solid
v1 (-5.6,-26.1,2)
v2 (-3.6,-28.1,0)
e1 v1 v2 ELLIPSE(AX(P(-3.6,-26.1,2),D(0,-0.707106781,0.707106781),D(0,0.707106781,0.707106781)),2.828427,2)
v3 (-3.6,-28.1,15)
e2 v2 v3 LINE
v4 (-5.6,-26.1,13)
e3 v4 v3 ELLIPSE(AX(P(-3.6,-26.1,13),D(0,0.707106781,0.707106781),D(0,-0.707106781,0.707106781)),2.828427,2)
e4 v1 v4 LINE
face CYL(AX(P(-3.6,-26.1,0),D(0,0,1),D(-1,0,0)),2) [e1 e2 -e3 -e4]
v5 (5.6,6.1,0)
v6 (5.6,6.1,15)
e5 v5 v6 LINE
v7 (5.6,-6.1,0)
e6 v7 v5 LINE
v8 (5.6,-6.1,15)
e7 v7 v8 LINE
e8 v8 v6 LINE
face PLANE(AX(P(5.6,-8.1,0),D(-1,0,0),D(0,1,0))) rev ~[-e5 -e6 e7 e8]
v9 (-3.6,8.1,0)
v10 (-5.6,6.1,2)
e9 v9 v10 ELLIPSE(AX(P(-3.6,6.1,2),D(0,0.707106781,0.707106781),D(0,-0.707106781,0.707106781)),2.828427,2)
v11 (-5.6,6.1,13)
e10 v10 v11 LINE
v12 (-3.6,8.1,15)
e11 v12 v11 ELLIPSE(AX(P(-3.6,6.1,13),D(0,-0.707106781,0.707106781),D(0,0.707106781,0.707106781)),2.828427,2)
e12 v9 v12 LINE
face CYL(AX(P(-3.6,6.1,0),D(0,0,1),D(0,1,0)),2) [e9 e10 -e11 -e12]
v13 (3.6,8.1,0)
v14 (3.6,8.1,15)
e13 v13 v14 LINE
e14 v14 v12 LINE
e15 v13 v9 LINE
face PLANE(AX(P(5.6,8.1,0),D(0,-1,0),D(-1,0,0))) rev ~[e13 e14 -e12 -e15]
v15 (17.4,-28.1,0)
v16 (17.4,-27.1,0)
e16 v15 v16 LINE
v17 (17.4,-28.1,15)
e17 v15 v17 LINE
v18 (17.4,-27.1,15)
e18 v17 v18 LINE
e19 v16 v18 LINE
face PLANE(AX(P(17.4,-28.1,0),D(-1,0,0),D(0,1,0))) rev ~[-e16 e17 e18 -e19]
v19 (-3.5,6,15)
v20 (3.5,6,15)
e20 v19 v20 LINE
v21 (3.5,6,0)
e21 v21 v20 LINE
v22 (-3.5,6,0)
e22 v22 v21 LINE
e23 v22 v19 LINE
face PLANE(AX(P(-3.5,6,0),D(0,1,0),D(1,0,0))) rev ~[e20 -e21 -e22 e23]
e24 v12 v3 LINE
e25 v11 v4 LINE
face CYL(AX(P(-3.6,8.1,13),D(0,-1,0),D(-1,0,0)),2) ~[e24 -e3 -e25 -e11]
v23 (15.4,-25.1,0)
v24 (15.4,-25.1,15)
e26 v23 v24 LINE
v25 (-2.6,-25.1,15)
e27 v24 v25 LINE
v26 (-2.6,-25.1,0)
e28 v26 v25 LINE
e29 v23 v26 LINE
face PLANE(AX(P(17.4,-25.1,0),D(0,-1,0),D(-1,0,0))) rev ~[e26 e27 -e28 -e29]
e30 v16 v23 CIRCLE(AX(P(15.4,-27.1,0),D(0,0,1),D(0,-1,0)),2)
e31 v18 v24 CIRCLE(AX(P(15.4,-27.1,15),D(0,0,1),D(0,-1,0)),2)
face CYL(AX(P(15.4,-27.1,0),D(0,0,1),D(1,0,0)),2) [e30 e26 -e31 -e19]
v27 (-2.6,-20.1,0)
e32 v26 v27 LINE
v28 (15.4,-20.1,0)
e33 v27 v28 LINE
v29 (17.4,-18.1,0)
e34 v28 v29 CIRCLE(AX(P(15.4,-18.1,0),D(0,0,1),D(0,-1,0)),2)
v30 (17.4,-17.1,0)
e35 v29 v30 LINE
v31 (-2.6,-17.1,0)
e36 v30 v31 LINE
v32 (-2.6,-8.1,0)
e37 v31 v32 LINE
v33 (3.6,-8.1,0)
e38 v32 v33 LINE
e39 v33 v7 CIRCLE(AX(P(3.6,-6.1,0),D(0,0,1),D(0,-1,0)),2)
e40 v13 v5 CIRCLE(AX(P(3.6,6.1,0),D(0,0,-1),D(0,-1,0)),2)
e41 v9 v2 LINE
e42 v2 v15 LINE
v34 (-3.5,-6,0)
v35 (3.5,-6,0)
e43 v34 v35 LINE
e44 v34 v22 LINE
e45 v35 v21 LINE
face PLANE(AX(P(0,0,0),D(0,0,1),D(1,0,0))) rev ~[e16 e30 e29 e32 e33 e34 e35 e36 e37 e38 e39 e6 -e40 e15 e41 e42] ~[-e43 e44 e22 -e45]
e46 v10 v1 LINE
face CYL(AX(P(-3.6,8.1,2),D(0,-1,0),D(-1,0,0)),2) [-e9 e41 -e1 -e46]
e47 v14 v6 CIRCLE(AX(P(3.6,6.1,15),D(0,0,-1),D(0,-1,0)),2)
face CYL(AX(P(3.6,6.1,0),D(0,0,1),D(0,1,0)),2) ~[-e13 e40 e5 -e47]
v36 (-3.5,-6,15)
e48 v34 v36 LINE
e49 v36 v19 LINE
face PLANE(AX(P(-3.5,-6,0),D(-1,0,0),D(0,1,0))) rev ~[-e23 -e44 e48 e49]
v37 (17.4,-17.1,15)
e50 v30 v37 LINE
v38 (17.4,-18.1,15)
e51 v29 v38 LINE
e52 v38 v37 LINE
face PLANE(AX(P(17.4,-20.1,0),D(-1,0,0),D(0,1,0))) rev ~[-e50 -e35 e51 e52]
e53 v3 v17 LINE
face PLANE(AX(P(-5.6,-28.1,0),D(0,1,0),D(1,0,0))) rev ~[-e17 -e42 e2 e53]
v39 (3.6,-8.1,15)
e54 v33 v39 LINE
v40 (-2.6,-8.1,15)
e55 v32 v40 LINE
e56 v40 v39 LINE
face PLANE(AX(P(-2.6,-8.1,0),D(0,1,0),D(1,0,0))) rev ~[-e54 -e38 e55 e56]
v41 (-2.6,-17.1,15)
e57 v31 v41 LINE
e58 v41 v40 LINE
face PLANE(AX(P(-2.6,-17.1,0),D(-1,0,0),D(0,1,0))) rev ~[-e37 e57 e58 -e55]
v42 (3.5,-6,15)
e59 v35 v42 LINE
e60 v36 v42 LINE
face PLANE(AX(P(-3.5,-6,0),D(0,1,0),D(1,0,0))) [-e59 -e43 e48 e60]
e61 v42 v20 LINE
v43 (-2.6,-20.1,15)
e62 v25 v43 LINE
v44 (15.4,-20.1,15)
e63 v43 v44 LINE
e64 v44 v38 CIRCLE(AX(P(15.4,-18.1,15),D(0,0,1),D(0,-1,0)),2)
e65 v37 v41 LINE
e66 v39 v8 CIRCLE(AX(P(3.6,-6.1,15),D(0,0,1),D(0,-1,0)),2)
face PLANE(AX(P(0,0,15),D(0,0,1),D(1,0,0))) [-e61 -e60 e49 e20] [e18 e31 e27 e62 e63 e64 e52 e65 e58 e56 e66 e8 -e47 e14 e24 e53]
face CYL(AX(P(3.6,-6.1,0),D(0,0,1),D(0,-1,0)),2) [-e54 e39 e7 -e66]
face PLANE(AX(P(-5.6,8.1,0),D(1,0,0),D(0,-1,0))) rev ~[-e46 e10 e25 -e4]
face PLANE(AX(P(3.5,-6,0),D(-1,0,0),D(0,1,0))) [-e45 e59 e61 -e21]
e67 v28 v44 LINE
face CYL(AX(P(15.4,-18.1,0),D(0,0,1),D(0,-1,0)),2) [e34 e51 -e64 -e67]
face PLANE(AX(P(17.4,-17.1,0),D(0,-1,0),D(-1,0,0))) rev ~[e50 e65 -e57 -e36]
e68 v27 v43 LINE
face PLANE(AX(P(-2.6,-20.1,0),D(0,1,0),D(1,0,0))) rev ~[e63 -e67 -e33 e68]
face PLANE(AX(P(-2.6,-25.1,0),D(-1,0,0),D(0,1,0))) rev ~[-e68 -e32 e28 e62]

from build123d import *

# Parameters (mm, degrees)
F0_W     = 7
F0_H     = 12
F1_DEPTH = 15
F2_R     = 2


with BuildPart() as f1:
    # F0 (on Top) → F1 (new body)
    with BuildSketch(Plane.XY):
        Polygon((5.6, 8.1), (-5.6, 8.1), (-5.6, -8.1), (-2.6, -8.1), (5.6, -8.1), align=None)
        Rectangle(F0_W, F0_H, mode=Mode.SUBTRACT)
        Polygon((-2.6, -8.1), (-5.6, -8.1), (-5.6, -28.1), (17.4, -28.1), (17.4, -25.1), (-2.6, -25.1), (-2.6, -20.1), (17.4, -20.1), (17.4, -17.1), (-2.6, -17.1), align=None)
    extrude(amount=F1_DEPTH)

    # F2
    f2_edges = [f1.edges().sort_by_distance(p)[0] for p in [
        (-5.6, 8.1, 7.5),
        (-5.6, -10, 15),
        (-5.6, -28.1, 7.5),
        (-5.6, -10, 0),
        (17.4, -20.1, 7.5),
        (17.4, -25.1, 7.5),
        (5.6, 8.1, 7.5),
        (5.6, -8.1, 7.5),
    ]]
    fillet(f2_edges, radius=F2_R)


solid = f1.part
